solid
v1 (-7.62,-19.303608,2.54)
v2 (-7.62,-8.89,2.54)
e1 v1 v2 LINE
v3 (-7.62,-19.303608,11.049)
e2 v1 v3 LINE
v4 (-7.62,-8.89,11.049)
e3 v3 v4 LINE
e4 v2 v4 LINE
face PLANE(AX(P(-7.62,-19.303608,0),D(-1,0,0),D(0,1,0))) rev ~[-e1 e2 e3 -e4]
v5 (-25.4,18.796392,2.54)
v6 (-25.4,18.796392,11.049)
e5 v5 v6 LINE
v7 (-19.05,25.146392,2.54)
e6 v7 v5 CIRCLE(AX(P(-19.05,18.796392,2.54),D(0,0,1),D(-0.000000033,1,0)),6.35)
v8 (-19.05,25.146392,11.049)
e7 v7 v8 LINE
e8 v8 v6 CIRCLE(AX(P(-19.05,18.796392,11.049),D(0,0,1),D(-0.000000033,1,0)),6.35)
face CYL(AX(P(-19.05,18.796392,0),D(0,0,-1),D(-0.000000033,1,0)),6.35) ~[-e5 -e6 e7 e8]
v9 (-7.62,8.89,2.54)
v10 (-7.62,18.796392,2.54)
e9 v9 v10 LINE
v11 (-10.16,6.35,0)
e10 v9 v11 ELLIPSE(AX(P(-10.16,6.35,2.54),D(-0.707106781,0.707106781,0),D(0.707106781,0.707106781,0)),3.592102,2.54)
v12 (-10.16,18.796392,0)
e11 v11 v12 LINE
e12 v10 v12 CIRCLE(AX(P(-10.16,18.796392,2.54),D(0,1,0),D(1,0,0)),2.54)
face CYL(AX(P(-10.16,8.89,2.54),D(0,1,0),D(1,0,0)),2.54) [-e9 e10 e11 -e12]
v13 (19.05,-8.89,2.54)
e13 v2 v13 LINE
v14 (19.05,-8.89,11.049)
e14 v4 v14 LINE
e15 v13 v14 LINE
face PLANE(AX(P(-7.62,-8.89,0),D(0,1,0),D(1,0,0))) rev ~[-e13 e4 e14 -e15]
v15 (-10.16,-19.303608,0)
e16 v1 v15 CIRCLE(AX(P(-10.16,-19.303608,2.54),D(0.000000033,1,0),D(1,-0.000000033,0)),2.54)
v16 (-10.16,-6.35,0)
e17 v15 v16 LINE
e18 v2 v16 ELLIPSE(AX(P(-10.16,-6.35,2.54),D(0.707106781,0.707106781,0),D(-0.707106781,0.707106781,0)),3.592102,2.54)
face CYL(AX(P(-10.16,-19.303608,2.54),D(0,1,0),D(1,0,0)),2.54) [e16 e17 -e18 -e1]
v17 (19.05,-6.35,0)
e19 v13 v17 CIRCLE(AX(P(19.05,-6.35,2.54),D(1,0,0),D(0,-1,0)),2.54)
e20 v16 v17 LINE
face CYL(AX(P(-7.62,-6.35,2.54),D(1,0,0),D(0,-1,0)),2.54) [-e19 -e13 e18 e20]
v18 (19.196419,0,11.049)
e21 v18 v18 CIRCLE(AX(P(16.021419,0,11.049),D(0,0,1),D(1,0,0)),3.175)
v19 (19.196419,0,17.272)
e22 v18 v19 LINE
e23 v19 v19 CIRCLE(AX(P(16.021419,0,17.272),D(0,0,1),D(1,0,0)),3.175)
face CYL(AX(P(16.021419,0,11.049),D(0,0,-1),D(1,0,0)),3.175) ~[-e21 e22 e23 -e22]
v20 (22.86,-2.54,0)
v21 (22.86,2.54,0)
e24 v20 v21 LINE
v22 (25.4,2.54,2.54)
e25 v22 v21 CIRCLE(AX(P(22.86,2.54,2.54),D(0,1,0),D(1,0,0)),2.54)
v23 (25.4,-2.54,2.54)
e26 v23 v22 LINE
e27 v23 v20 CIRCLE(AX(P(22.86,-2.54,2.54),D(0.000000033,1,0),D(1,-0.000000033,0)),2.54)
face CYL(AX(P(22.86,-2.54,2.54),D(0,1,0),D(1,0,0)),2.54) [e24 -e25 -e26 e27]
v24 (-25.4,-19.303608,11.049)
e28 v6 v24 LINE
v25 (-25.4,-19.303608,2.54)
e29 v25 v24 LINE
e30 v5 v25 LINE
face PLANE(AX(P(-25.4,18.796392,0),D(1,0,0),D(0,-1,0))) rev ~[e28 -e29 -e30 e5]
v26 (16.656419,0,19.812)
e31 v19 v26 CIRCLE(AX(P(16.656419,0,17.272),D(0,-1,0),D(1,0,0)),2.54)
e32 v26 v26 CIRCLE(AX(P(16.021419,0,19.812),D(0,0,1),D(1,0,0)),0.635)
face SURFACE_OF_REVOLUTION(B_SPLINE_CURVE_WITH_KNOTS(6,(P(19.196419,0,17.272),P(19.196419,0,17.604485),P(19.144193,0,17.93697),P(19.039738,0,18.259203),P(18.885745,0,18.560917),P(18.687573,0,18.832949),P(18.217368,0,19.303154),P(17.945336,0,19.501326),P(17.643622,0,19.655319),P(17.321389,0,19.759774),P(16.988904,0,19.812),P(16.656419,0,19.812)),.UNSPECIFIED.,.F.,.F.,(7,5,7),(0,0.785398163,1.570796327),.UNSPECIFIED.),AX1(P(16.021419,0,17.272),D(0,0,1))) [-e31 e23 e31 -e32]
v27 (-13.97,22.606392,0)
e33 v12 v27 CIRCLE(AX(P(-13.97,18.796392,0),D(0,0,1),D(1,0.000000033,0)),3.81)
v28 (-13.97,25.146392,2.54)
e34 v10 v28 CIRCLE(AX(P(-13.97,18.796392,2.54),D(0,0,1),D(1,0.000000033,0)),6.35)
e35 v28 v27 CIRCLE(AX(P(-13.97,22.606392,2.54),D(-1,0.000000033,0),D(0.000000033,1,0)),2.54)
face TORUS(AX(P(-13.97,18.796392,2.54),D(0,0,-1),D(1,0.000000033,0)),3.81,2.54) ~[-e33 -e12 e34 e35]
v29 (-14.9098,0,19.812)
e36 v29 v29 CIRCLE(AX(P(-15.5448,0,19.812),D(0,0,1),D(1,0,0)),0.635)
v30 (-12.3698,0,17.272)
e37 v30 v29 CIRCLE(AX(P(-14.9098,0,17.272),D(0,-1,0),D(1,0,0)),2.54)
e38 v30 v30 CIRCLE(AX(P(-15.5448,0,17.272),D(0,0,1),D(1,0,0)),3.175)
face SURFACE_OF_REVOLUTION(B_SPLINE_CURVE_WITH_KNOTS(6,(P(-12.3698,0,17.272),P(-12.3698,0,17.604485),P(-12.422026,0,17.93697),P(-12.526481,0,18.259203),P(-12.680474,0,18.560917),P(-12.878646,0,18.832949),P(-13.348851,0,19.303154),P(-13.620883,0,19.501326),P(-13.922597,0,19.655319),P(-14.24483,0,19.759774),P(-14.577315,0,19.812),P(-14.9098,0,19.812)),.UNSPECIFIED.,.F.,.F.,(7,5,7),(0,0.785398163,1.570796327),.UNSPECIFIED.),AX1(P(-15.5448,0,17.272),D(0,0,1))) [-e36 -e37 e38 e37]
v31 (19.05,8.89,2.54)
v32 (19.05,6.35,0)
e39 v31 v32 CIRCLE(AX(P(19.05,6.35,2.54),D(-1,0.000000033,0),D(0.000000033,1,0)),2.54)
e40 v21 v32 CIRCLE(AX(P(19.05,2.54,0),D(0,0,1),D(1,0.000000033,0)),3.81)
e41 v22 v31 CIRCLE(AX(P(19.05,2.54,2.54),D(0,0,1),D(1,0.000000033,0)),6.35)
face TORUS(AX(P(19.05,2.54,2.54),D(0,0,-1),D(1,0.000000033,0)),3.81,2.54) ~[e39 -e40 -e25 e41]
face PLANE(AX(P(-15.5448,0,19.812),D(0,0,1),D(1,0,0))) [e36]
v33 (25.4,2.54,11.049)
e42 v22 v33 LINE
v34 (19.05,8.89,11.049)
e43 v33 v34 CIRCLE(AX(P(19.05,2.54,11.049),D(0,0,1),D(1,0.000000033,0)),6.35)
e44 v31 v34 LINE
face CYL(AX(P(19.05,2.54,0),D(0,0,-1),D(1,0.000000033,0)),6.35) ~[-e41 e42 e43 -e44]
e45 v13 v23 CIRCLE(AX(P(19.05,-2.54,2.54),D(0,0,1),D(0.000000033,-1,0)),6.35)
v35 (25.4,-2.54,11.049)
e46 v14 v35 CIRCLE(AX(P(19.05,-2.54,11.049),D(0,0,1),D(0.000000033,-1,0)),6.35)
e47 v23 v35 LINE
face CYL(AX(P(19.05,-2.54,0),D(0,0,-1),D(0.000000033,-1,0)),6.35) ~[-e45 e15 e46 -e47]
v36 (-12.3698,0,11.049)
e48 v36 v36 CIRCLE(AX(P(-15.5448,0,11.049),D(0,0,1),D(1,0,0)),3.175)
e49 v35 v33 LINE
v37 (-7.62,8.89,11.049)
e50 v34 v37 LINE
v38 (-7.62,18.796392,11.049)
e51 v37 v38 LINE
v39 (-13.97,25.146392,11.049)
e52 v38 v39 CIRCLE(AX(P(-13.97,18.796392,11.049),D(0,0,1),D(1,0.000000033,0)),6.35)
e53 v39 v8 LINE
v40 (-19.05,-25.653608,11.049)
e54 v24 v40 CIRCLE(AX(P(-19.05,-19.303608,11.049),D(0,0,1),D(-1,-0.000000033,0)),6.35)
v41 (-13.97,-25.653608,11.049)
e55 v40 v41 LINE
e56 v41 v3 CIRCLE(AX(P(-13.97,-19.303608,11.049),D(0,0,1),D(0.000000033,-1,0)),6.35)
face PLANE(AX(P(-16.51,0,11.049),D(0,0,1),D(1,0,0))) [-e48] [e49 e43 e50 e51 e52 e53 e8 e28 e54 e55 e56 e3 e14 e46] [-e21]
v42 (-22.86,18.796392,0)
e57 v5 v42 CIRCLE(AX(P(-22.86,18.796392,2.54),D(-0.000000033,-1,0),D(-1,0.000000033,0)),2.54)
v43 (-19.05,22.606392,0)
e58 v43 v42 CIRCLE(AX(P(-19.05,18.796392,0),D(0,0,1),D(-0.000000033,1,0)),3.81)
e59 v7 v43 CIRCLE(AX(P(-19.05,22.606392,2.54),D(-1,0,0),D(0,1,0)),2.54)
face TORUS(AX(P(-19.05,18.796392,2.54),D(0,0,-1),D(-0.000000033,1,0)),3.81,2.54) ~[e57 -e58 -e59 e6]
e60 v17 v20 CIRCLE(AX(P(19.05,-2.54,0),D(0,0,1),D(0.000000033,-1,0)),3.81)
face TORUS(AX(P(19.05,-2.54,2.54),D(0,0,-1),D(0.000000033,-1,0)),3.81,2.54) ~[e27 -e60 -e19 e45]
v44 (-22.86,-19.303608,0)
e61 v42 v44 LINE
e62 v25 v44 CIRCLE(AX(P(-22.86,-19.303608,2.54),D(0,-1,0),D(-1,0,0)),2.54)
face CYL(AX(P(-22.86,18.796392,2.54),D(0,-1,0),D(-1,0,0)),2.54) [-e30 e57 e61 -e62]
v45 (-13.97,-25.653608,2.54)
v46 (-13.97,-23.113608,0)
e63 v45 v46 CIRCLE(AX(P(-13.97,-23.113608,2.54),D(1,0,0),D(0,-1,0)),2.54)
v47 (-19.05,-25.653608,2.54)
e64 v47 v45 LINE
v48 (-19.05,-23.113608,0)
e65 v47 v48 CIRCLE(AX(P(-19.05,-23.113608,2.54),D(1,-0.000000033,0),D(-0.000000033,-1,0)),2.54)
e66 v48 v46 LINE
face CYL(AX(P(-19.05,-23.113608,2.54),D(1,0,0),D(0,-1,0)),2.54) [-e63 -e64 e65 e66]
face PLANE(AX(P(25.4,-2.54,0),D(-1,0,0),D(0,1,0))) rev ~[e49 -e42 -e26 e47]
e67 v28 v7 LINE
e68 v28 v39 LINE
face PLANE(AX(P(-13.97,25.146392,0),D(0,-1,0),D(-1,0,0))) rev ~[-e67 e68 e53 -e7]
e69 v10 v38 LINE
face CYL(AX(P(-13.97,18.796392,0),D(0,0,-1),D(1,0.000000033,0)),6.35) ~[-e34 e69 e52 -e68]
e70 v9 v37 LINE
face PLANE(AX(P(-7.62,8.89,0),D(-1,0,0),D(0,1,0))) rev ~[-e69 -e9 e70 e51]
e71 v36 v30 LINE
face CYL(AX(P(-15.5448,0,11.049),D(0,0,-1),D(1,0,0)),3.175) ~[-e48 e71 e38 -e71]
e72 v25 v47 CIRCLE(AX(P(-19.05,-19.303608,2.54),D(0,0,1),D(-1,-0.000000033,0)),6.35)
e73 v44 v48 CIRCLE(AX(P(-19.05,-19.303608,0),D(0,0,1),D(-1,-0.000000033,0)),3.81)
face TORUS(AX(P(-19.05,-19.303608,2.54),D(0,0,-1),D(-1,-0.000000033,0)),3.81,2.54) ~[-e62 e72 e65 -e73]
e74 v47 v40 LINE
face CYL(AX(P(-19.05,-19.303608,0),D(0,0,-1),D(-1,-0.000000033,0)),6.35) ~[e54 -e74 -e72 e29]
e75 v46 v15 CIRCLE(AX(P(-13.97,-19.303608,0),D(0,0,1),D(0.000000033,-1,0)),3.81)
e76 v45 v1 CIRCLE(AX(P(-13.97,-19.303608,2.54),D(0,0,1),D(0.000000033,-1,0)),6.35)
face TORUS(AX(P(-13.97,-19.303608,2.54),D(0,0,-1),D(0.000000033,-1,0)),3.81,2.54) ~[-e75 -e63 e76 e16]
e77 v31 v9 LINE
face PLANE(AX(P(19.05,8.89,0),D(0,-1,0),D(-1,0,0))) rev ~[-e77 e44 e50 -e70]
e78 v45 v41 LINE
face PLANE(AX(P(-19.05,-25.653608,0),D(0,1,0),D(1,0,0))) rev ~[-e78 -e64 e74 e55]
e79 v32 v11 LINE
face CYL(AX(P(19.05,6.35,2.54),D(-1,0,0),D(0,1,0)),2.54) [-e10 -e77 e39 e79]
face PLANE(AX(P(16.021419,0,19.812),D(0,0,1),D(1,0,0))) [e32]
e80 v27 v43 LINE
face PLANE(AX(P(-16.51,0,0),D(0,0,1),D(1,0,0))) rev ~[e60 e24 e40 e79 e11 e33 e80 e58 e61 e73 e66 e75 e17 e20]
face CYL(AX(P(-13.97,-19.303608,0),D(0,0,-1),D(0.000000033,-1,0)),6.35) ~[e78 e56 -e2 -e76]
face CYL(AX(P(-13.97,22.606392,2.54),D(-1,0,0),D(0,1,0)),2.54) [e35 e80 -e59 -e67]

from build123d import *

# Parameters (mm, degrees)
F0_W     = 17.78
F0_H     = 17.78
F1_DEPTH = 11.049
F2_R     = 2.54
F3_R     = 3.175
F4_DEPTH = 8.763
F5_R     = 2.54


with BuildPart() as f1:
    # F0 (on Top) → F1 (new body)
    with BuildSketch(Plane.XY):
        with Locations((-16.51, 0)):
            Rectangle(F0_W, F0_H)
        with BuildLine():
            Line((-7.62, -19.303608), (-7.62, -8.89))
            Line((-7.62, -8.89), (-25.4, -8.89))
            Line((-25.4, -8.89), (-25.4, -19.303608))
            ThreePointArc((-25.4, -19.303608), (-23.540128, -23.793736), (-19.05, -25.653608))
            Line((-19.05, -25.653608), (-13.97, -25.653608))
            ThreePointArc((-13.97, -25.653608), (-9.479872, -23.793736), (-7.62, -19.303608))
        make_face()
        with BuildLine():
            Line((-25.4, 8.89), (-7.62, 8.89))
            Line((-7.62, 8.89), (-7.62, 18.796392))
            ThreePointArc((-7.62, 18.796392), (-9.479872, 23.28652), (-13.97, 25.146392))
            Line((-13.97, 25.146392), (-19.05, 25.146392))
            ThreePointArc((-19.05, 25.146392), (-23.540128, 23.28652), (-25.4, 18.796392))
            Line((-25.4, 18.796392), (-25.4, 8.89))
        make_face()
        with BuildLine():
            Line((-7.62, -8.89), (19.05, -8.89))
            ThreePointArc((19.05, -8.89), (23.540128, -7.030128), (25.4, -2.54))
            Line((25.4, -2.54), (25.4, 2.54))
            ThreePointArc((25.4, 2.54), (23.540128, 7.030128), (19.05, 8.89))
            Line((19.05, 8.89), (-7.62, 8.89))
            Line((-7.62, 8.89), (-7.62, -8.89))
        make_face()
    extrude(amount=F1_DEPTH)

    # F2
    f2_edges = [f1.edges().sort_by_distance(p)[0] for p in [
        (-7.62, -14.096804, 0),
        (5.715, -8.89, 0),
        (23.540128, -7.030128, 0),
    ]]
    fillet(f2_edges, radius=F2_R)

    # F3 (on face) → F4 (join)
    with BuildSketch(Plane.XY.offset(11.049)):
        with Locations((16.021419, 0)):
            Circle(F3_R)
        with Locations((-15.5448, 0)):
            Circle(F3_R)
    extrude(amount=F4_DEPTH)

    # F5
    f5_edges = [f1.edges().sort_by_distance(p)[0] for p in [
        (-18.7198, 0, 19.812),
        (12.846419, 0, 19.812),
    ]]
    fillet(f5_edges, radius=F5_R)


solid = f1.part
